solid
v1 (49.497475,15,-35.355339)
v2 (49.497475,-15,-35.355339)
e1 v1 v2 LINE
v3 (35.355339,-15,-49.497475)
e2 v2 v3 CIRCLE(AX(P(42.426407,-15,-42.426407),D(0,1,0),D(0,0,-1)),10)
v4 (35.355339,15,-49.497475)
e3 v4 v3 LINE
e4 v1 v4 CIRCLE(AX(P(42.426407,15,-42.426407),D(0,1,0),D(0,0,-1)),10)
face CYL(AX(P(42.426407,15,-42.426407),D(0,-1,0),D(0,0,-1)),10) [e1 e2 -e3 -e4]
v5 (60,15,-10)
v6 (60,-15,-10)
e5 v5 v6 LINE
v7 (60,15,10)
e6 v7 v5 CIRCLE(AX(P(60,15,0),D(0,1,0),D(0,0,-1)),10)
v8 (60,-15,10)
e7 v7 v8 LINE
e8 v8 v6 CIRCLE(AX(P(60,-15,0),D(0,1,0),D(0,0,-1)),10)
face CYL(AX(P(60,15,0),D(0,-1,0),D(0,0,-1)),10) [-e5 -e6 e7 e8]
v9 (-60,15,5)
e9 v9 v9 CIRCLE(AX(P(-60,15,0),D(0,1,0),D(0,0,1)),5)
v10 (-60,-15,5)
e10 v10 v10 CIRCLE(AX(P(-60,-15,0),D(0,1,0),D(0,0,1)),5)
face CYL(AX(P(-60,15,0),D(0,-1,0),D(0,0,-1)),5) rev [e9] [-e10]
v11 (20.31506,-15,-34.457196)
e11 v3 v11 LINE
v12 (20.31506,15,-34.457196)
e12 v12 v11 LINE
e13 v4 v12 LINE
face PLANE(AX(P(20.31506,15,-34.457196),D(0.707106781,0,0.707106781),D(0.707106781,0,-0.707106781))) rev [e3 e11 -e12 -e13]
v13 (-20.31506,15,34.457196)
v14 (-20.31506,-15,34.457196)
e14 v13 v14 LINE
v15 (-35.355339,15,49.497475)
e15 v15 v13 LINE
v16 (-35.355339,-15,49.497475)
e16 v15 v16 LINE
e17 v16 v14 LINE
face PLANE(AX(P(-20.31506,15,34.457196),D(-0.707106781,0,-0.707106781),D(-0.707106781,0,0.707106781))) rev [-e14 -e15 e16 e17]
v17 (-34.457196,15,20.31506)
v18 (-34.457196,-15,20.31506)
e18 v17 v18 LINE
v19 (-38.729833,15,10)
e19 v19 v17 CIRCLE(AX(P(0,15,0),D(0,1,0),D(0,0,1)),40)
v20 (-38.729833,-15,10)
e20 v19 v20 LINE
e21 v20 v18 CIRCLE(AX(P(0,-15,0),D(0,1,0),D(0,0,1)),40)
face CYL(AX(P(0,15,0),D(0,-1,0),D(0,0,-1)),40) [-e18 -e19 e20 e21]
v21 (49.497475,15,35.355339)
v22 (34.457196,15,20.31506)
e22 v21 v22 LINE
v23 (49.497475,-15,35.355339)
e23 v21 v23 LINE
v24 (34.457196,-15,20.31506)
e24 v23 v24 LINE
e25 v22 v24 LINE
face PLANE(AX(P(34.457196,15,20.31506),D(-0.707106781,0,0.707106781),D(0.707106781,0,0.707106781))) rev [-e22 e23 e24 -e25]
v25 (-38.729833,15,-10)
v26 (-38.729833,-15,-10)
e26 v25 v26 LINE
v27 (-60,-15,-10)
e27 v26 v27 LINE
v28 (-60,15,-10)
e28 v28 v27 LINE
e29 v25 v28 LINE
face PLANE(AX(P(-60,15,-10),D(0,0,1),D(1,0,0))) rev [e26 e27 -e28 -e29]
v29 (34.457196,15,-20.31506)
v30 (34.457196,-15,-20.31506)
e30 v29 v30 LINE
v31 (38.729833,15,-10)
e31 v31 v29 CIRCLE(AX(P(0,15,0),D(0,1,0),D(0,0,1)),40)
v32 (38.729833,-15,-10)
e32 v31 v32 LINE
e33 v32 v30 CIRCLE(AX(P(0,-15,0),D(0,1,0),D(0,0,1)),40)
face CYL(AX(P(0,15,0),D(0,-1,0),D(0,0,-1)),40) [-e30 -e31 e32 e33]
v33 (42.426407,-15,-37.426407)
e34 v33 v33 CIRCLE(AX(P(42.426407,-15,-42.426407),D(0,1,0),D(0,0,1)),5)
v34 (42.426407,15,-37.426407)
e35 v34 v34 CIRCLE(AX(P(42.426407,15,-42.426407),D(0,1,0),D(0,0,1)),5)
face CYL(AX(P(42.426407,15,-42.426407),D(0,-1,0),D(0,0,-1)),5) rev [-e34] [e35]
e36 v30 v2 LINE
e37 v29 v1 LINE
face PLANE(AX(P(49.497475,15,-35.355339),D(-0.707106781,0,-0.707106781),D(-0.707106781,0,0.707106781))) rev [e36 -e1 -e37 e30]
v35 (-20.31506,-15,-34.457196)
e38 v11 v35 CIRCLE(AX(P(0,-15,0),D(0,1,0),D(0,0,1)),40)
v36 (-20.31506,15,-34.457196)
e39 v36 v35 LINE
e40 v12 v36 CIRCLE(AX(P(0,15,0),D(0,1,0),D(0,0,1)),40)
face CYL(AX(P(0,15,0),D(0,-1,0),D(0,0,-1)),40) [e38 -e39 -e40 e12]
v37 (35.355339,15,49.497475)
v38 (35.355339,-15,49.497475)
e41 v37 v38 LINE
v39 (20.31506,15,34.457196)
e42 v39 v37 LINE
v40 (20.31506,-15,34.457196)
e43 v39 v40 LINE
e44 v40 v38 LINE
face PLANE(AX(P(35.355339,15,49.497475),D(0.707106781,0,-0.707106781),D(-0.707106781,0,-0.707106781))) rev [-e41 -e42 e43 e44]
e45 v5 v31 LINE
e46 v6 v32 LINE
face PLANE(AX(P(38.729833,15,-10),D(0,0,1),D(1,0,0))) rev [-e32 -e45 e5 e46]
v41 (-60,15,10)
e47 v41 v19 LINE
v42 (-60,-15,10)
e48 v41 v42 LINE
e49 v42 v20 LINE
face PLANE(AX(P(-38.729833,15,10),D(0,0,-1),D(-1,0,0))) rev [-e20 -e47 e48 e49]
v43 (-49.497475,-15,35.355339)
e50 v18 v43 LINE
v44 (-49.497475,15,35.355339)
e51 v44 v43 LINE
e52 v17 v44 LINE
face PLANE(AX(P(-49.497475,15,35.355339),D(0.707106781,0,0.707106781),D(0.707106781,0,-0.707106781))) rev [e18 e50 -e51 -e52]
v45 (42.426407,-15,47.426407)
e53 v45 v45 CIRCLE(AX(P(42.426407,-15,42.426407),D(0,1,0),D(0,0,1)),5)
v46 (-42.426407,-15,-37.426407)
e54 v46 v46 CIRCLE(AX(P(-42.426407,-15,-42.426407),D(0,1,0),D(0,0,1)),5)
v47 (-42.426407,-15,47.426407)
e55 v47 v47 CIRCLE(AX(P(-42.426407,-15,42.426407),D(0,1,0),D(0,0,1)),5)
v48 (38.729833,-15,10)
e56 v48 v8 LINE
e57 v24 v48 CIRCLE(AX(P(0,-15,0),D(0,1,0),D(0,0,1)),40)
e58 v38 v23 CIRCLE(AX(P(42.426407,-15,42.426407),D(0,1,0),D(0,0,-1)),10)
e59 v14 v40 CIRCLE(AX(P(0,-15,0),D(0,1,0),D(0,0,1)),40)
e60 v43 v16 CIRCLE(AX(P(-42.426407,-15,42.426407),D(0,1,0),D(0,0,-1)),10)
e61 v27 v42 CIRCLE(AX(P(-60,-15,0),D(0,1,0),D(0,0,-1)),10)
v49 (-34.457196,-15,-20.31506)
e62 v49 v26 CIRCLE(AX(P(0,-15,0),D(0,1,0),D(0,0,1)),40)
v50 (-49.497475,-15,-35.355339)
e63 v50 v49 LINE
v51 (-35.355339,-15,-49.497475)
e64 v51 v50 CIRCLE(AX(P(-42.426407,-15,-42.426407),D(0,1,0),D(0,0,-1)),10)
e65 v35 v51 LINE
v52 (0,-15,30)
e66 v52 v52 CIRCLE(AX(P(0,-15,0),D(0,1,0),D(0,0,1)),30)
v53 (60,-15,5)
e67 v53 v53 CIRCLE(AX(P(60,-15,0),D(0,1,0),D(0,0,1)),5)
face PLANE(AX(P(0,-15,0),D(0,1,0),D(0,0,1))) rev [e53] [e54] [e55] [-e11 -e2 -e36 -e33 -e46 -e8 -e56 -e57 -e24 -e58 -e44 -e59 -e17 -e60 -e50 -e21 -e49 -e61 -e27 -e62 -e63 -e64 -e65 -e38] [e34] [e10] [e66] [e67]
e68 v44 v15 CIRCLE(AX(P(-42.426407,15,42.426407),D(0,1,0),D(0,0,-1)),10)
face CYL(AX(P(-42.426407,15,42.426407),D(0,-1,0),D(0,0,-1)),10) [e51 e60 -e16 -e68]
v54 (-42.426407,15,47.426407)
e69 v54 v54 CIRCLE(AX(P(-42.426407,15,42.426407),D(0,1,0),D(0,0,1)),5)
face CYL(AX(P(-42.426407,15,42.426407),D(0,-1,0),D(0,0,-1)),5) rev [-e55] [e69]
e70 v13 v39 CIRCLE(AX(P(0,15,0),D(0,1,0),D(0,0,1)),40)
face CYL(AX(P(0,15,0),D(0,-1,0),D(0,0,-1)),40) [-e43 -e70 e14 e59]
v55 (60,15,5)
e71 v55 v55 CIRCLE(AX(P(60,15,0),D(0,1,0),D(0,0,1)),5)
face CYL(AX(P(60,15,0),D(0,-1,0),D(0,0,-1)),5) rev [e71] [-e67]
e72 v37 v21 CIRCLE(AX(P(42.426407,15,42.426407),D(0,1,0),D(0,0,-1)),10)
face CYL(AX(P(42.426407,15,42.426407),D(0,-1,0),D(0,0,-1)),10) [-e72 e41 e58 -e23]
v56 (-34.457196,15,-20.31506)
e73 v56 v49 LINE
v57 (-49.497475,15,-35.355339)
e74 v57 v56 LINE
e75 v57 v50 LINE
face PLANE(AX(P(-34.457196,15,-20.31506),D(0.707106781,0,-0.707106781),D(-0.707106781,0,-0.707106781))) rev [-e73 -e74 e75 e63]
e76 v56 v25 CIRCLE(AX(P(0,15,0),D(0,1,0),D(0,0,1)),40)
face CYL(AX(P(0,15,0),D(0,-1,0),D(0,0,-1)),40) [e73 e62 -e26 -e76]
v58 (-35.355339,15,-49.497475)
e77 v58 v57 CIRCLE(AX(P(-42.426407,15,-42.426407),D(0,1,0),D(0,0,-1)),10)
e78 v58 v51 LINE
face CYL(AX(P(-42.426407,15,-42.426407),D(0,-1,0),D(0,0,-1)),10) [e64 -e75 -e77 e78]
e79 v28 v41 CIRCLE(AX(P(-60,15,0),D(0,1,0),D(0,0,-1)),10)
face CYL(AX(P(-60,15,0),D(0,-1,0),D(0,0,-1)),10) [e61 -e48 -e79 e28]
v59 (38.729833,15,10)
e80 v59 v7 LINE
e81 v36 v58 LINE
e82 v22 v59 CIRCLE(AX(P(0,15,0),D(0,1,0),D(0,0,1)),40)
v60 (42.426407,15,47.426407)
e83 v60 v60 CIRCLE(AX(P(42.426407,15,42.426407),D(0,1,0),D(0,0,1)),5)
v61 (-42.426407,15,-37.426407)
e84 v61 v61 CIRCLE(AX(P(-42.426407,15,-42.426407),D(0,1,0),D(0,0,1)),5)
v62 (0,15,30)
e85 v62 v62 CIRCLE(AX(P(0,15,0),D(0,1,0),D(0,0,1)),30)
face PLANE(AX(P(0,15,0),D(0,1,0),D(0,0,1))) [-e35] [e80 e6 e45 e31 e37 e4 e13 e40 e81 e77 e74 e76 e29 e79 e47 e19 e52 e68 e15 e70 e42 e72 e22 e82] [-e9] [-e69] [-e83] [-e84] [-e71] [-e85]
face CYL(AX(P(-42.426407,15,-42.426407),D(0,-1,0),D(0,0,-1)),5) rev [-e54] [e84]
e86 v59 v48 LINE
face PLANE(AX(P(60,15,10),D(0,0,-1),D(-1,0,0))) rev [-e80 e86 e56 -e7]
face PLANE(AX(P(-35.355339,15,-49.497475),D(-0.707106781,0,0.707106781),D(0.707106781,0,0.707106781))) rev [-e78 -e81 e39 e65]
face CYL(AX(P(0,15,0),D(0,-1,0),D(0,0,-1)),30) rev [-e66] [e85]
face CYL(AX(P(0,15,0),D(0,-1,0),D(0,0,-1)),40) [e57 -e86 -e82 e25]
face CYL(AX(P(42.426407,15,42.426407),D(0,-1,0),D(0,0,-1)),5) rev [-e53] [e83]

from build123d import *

# Parameters (mm, degrees)
SKETCH2_R           = 30
SKETCH2_R_2         = 5
BOSS_EXTRUDE1_DEPTH = 15


with BuildPart() as part:
    # Sketch2 → Boss-Extrude1 (new, symmetric)
    with BuildSketch(Plane(origin=(0, 0, 0), x_dir=(1, 0, 0), z_dir=(0, 1, 0))):
        with BuildLine():
            Line((38.729833462, 10), (60, 10))
            ThreePointArc((60, 10), (70, 0), (60, -10))
            Line((60, -10), (38.729833462, -10))
            ThreePointArc((38.729833462, -10), (36.9551813, -15.307337295), (34.457195687, -20.315060063))
            Line((34.457195687, -20.315060063), (49.497474683, -35.355339059))
            ThreePointArc((49.497474683, -35.355339059), (49.497474683, -49.497474683), (35.355339059, -49.497474683))
            Line((35.355339059, -49.497474683), (20.315060063, -34.457195687))
            ThreePointArc((20.315060063, -34.457195687), (0, -40), (-20.315060063, -34.457195687))
            Line((-20.315060063, -34.457195687), (-35.355339059, -49.497474683))
            ThreePointArc((-35.355339059, -49.497474683), (-49.497474683, -49.497474683), (-49.497474683, -35.355339059))
            Line((-49.497474683, -35.355339059), (-34.457195687, -20.315060063))
            ThreePointArc((-34.457195687, -20.315060063), (-36.9551813, -15.307337295), (-38.729833462, -10))
            Line((-38.729833462, -10), (-60, -10))
            ThreePointArc((-60, -10), (-70, 0), (-60, 10))
            Line((-60, 10), (-38.729833462, 10))
            ThreePointArc((-38.729833462, 10), (-36.9551813, 15.307337295), (-34.457195687, 20.315060063))
            Line((-34.457195687, 20.315060063), (-49.497474683, 35.355339059))
            ThreePointArc((-49.497474683, 35.355339059), (-49.497474683, 49.497474683), (-35.355339059, 49.497474683))
            Line((-35.355339059, 49.497474683), (-20.315060063, 34.457195687))
            ThreePointArc((-20.315060063, 34.457195687), (0, 40), (20.315060063, 34.457195687))
            Line((20.315060063, 34.457195687), (35.355339059, 49.497474683))
            ThreePointArc((35.355339059, 49.497474683), (49.497474683, 49.497474683), (49.497474683, 35.355339059))
            Line((49.497474683, 35.355339059), (34.457195687, 20.315060063))
            ThreePointArc((34.457195687, 20.315060063), (36.9551813, 15.307337295), (38.729833462, 10))
        make_face()
        with Locations(Location((0, 0, 0), (0, 0, 270))):
            Circle(SKETCH2_R, mode=Mode.SUBTRACT)
        with Locations(Location((60, 0, 0), (0, 0, 270))):
            Circle(SKETCH2_R_2, mode=Mode.SUBTRACT)
        with Locations(Location((42.426406871, -42.426406871, 0), (0, 0, 270))):
            Circle(SKETCH2_R_2, mode=Mode.SUBTRACT)
        with Locations(Location((-42.426406871, -42.426406871, 0), (0, 0, 270))):
            Circle(SKETCH2_R_2, mode=Mode.SUBTRACT)
        with Locations(Location((-60, 0, 0), (0, 0, 270))):
            Circle(SKETCH2_R_2, mode=Mode.SUBTRACT)
        with Locations(Location((-42.426406871, 42.426406871, 0), (0, 0, 270))):
            Circle(SKETCH2_R_2, mode=Mode.SUBTRACT)
        with Locations(Location((42.426406871, 42.426406871, 0), (0, 0, 270))):
            Circle(SKETCH2_R_2, mode=Mode.SUBTRACT)
    extrude(amount=BOSS_EXTRUDE1_DEPTH, both=True)


solid = part.part
